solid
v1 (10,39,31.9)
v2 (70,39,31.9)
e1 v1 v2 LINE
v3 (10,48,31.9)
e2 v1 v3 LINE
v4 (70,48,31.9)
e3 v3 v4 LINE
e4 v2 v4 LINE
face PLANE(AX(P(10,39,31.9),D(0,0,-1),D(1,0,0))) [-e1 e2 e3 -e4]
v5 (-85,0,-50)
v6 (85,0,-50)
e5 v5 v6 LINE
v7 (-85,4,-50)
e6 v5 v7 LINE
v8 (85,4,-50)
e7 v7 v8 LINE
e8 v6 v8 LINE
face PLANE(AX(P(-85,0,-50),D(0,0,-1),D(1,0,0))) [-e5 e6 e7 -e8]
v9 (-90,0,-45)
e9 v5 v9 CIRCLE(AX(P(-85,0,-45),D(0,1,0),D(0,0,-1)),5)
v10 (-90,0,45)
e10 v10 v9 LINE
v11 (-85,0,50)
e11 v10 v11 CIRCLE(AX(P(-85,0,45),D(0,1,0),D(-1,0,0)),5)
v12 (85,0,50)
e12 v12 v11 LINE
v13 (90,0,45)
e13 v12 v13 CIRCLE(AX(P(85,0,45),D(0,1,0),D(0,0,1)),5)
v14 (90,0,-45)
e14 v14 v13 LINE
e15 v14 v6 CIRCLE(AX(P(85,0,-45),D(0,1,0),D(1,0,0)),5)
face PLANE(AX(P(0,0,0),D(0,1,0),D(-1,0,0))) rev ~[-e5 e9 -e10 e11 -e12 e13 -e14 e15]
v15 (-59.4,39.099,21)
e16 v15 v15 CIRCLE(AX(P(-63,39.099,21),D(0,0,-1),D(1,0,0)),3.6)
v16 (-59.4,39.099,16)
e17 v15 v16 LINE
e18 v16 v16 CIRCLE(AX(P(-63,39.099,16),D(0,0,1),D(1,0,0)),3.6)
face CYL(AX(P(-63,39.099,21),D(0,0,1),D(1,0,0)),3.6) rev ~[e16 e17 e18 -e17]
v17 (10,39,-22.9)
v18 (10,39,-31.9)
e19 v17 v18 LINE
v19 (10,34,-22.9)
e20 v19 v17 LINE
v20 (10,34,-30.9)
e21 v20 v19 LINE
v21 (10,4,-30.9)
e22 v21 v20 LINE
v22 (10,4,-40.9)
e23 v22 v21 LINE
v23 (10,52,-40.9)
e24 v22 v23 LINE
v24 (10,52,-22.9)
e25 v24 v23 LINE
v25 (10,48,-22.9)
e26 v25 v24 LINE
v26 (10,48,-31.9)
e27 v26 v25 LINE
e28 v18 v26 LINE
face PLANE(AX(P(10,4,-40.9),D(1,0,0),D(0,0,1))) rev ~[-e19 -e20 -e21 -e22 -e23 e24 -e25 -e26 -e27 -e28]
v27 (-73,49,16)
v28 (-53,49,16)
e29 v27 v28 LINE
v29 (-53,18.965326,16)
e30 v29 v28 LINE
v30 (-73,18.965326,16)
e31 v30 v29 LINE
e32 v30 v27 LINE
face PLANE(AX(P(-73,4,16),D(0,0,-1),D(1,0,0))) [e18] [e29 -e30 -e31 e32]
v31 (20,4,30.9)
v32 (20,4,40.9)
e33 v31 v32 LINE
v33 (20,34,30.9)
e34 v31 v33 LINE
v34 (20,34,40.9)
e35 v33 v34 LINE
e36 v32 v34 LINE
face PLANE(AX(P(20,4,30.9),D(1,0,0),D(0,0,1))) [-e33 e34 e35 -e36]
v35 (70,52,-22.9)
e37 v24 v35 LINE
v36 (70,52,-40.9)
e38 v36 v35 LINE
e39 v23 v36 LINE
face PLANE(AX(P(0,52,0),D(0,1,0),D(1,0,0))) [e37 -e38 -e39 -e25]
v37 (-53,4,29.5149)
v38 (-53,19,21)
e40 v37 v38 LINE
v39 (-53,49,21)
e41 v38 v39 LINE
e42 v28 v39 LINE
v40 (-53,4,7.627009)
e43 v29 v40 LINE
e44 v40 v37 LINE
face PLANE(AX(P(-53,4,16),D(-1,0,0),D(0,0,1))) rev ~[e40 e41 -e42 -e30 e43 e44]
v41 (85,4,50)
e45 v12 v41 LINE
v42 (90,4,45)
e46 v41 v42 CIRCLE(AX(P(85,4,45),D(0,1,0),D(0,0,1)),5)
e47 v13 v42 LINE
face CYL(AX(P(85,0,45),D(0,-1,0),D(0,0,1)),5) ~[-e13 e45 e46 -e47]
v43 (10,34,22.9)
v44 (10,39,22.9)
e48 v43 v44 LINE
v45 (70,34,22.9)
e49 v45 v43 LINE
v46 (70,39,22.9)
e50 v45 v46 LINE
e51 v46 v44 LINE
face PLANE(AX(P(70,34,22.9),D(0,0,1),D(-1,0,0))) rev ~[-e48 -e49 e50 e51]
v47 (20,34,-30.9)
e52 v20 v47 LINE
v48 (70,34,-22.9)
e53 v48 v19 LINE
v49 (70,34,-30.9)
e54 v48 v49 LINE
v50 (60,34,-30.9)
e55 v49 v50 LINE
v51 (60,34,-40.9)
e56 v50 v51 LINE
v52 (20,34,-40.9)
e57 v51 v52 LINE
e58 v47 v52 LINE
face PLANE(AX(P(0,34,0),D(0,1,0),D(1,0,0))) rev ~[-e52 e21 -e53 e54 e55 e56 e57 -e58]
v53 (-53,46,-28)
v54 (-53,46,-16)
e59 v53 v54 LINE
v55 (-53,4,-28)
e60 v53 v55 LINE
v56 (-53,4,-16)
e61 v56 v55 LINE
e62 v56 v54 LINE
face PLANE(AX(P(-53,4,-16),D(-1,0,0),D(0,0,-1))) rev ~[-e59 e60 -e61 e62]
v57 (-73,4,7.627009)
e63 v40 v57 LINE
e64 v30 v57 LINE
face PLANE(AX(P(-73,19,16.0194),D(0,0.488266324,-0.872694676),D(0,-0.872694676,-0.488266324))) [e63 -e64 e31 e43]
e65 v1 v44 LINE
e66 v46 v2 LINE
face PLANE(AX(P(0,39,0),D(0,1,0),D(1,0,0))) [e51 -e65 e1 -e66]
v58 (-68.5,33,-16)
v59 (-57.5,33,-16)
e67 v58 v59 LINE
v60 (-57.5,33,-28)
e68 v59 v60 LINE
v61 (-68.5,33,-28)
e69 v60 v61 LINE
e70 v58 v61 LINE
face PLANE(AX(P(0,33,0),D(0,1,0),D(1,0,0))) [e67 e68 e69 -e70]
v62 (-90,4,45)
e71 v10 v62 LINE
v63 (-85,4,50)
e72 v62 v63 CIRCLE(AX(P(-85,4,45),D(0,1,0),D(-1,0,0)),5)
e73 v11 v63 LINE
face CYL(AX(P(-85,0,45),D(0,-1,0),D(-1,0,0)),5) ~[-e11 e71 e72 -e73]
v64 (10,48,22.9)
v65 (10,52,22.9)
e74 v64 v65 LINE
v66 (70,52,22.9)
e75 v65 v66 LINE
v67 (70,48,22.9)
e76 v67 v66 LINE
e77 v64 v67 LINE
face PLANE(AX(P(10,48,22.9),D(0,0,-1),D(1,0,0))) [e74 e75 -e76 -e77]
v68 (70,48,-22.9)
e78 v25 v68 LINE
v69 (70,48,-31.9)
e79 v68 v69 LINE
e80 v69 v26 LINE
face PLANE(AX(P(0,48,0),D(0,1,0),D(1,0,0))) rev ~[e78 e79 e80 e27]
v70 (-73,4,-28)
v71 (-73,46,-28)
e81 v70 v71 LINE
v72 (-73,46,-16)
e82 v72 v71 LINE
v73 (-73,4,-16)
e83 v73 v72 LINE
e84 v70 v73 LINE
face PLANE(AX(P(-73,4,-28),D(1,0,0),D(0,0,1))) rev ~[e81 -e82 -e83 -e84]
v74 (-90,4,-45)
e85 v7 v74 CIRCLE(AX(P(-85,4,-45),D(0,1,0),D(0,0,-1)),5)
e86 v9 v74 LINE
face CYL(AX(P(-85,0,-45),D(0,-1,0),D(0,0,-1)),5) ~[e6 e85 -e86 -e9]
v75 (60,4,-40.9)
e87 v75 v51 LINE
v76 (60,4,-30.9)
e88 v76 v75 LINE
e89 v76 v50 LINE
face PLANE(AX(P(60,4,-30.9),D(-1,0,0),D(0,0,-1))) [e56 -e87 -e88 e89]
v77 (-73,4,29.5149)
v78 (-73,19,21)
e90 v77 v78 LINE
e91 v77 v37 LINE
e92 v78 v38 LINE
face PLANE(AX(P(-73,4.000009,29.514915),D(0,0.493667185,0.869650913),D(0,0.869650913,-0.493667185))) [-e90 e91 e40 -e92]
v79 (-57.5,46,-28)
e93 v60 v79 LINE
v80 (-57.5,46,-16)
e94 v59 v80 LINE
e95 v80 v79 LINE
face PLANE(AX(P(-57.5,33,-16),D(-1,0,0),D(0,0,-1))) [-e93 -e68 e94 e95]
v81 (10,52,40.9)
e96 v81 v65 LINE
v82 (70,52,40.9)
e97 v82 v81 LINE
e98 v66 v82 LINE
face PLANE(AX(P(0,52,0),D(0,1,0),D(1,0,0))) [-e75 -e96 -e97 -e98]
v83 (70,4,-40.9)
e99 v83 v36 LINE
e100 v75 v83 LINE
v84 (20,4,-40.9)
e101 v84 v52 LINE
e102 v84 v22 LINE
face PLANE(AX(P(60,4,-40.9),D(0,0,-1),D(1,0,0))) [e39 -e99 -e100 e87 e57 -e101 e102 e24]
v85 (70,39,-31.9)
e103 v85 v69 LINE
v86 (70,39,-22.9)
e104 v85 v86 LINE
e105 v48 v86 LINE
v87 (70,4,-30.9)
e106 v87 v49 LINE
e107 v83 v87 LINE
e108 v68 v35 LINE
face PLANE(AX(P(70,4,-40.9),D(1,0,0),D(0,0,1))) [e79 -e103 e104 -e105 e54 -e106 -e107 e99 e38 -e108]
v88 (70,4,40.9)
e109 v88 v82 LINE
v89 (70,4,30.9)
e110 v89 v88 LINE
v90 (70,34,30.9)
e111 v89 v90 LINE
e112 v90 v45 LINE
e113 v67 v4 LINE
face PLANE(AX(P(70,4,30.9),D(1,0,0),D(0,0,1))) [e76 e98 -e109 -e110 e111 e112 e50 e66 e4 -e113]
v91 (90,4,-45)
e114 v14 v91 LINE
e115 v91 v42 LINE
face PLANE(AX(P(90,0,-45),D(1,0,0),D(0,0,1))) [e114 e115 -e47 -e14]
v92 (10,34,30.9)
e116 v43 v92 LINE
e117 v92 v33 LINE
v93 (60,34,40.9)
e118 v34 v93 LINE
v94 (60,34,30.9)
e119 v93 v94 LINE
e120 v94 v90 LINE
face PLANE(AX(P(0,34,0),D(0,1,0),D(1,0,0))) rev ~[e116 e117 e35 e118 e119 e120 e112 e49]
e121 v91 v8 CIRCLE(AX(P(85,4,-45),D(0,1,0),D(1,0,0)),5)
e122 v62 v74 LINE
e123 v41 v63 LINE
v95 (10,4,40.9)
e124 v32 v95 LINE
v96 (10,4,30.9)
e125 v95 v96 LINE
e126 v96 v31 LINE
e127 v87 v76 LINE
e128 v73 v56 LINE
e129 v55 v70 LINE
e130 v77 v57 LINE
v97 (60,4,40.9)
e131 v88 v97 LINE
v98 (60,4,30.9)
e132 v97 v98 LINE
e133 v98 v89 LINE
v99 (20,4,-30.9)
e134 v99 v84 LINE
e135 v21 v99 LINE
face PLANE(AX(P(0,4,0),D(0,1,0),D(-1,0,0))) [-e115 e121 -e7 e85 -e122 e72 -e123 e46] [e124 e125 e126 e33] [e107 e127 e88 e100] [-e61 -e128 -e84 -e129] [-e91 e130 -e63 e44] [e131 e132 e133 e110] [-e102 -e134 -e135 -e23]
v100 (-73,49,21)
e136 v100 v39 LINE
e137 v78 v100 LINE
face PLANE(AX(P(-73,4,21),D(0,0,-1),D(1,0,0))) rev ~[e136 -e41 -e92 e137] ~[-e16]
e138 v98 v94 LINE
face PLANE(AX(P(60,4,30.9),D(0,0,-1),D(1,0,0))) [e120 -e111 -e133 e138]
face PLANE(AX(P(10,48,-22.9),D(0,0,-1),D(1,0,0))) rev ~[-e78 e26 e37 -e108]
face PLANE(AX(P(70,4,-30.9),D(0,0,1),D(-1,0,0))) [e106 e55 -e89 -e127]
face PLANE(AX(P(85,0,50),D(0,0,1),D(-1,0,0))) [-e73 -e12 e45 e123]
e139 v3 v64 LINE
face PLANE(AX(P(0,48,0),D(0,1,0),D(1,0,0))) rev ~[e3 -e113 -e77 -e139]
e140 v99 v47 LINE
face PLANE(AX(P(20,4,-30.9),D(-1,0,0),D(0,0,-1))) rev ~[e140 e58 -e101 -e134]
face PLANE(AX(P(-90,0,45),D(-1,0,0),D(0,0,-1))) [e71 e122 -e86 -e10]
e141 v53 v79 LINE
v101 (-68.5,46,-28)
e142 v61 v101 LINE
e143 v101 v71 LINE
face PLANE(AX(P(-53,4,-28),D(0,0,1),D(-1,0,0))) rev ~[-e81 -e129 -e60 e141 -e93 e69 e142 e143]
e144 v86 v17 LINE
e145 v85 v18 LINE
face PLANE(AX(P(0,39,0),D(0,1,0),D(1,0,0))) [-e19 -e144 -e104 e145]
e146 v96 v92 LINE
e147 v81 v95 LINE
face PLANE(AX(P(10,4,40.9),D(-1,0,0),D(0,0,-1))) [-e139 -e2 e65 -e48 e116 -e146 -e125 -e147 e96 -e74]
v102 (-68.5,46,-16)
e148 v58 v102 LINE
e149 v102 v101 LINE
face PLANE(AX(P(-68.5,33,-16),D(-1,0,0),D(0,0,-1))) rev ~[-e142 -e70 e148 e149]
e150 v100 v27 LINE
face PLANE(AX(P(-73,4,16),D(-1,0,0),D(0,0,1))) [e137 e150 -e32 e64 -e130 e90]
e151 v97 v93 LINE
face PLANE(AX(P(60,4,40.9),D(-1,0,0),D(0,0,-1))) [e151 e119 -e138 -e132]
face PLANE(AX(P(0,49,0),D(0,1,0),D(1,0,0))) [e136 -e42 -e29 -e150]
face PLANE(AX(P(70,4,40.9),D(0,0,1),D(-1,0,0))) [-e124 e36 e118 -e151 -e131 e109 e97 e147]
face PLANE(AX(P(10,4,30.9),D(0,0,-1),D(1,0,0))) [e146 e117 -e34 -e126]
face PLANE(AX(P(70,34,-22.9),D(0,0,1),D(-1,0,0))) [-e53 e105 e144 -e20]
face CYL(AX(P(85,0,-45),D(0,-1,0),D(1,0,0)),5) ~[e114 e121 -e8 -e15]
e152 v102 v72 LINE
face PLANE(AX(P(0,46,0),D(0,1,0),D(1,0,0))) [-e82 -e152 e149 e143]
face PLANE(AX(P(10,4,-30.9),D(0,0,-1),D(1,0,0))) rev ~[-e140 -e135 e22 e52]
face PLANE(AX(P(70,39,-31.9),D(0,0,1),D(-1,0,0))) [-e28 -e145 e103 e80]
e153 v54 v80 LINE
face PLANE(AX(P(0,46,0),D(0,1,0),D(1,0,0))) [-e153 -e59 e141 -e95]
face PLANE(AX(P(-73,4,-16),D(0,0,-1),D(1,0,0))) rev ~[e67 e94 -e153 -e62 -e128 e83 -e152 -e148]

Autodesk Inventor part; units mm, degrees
ref_plane "YZ Plane" through (0, 0, 0) normal (1, 0, 0) x (0, 1, 0)
ref_plane "XZ Plane" through (0, 0, 0) normal (0, 1, 0) x (-1, 0, 0)
ref_plane "XY Plane" through (0, 0, 0) normal (0, 0, 1) x (1, 0, 0)
sketch "草图1" plane through (0, 0, 0) normal (0, 1, 0) x (-1, 0, 0)
  line L0 (85, -50) -> (-85, -50)
  line L1 (-90, -45) -> (-90, 45)
  line L2 (-85, 50) -> (85, 50)
  line L3 (90, 45) -> (90, -45)
  line L4 (0, 0) -> (0, -30.3694)
  line L5 (0, 0) -> (-59.6627, 0)
  arc A0 (85, -50) -> (90, -45) centre (85, -45) ccw
  arc A1 (90, 45) -> (85, 50) centre (85, 45) ccw
  arc A2 (-85, 50) -> (-90, 45) centre (-85, 45) ccw
  arc A3 (-90, -45) -> (-85, -50) centre (-85, -45) ccw
  point P0 (90, -50)
  point P1 (-90, 50)
  point P2 (-90, -50)
  dimension "d0" = 180
  dimension "d1" = 100
  dimension "d2" = 5
extrude "拉伸1" add sketch "草图1" along normal blind 4
sketch "草图2" plane through (0, 4, 0) normal (0, 1, 0) x (1, 0, 0)
  line L0 (20, 40.9) -> (10, 40.9)
  line L1 (10, 40.9) -> (10, 30.9)
  line L2 (10, 30.9) -> (20, 30.9)
  line L3 (20, 30.9) -> (20, 40.9)
  line L4 (60, 40.9) -> (70, 40.9)
  line L5 (70, 40.9) -> (70, 30.9)
  line L6 (70, 30.9) -> (60, 30.9)
  line L7 (60, 30.9) -> (60, 40.9)
  line L8 (60, -30.9) -> (70, -30.9)
  line L9 (70, -30.9) -> (70, -40.9)
  line L10 (70, -40.9) -> (60, -40.9)
  line L11 (60, -40.9) -> (60, -30.9)
  line L12 (10, -30.9) -> (20, -30.9)
  line L13 (20, -30.9) -> (20, -40.9)
  line L14 (20, -40.9) -> (10, -40.9)
  line L15 (10, -40.9) -> (10, -30.9)
  line L16 (0, 0) -> (216.0528, 0)
  line L17 (0, 0) -> (0, -71.0339)
  dimension "d5" = 61.8
  dimension "d6" = 10
  dimension "d7" = 10
  dimension "d8" = 40
  dimension "d9" = 20
extrude "拉伸2" add sketch "草图2" along normal blind 30
sketch "草图3" plane through (0, 34, 0) normal (0, 1, 0) x (1, 0, 0)
  line L0 (60, 30.9) -> (70, 30.9) projected
  line L1 (70, 30.9) -> (70, 40.9) projected
  line L2 (70, 30.9) -> (70, 40.9)
  line L3 (10, 40.9) -> (10, 30.9) projected
  line L4 (70, 40.9) -> (10, 40.9)
  line L5 (10, 40.9) -> (10, 30.9)
  line L6 (10, -30.9) -> (10, -40.9)
  line L7 (60, -40.9) -> (70, -40.9) projected
  line L8 (10, -40.9) -> (70, -40.9)
  line L9 (70, -30.9) -> (70, -40.9) projected
  line L10 (70, -40.9) -> (70, -30.9)
  line L11 (70, 40.9) -> (70, 30.9) projected
  line L12 (70, 30.9) -> (70, 22.9)
  line L13 (70, 22.9) -> (10, 22.9)
  line L14 (10, 22.9) -> (10, 30.9)
  line L15 (70, -40.9) -> (70, -30.9) projected
  line L16 (70, -30.9) -> (70, -22.9)
  line L17 (70, -22.9) -> (10, -22.9)
  line L18 (10, -22.9) -> (10, -30.9)
  point P0 (0, 0)
  dimension "d14" = 18
  dimension "d15" = 18
extrude "拉伸3" add sketch "草图3" along normal blind 5
sketch "草图4" plane through (0, 39, 0) normal (0, 1, 0) x (1, 0, 0)
  line L0 (70, 40.9) -> (10, 40.9) projected
  line L1 (10, 40.9) -> (70, 40.9)
  line L2 (70, 40.9) -> (70, 31.9)
  line L3 (70, 22.9) -> (70, 40.9) projected
  line L4 (70, 31.9) -> (10, 31.9)
  line L5 (10, 31.9) -> (10, 40.9)
  line L6 (70, -30.9) -> (70, -40.9) projected
  line L7 (10, -22.9) -> (10, -40.9) projected
  line L8 (70, -40.9) -> (10, -40.9)
  line L9 (10, -40.9) -> (10, -31.9)
  line L10 (10, -31.9) -> (70, -31.9)
  line L11 (70, -31.9) -> (70, -40.9)
  point P0 (0, 0)
extrude "拉伸4" add sketch "草图4" along normal blind 9
sketch "草图5" plane through (0, 48, 0) normal (0, 1, 0) x (1, 0, 0)
  line L0 (10, 40.9) -> (20, 40.9) projected
  line L1 (10, 30.9) -> (10, 22.9) projected
  line L2 (10, 40.9) -> (10, 22.9)
  line L3 (70, 22.9) -> (70, 30.9) projected
  line L4 (10, 22.9) -> (70, 22.9)
  line L5 (70, 40.9) -> (70, 30.9) projected
  line L6 (70, 22.9) -> (70, 40.9)
  line L7 (70, 40.9) -> (10, 40.9)
  line L8 (10, -22.9) -> (70, -22.9)
  line L9 (70, -40.9) -> (60, -40.9) projected
  line L10 (70, -22.9) -> (70, -40.9)
  line L11 (20, -40.9) -> (10, -40.9) projected
  line L12 (70, -40.9) -> (10, -40.9)
  line L13 (10, -40.9) -> (10, -22.9)
  point P0 (0, 0)
extrude "拉伸5" add sketch "草图5" along normal blind 4
sketch "草图6" plane through (0, 4, 0) normal (0, 1, 0) x (1, 0, 0)
  line L0 (-73, 28) -> (-73, 16)
  line L1 (-73, 16) -> (-53, 16)
  line L2 (-53, 16) -> (-53, 28)
  line L3 (-53, 28) -> (-73, 28)
  line L4 (-90, 45) -> (-90, -45) projected
  line L5 (85, 50) -> (-85, 50) projected
  point P0 (0, 0)
  dimension "d20" = 17
  dimension "d21" = 20
  dimension "d22" = 12
  dimension "d23" = 22
extrude "拉伸6" add sketch "草图6" along normal blind 29
sketch "草图7" plane through (0, 33, 0) normal (0, 1, 0) x (1, 0, 0)
  line L0 (-53, 28) -> (-53, 16) projected
  line L1 (-53, 28) -> (-53, 16)
  line L2 (-53, 16) -> (-57.5, 16)
  line L3 (-53, 16) -> (-73, 16) projected
  line L4 (-57.5, 16) -> (-57.5, 28)
  line L5 (-53, 28) -> (-73, 28) projected
  line L6 (-57.5, 28) -> (-53, 28)
  line L7 (-73, 16) -> (-73, 28) projected
  line L8 (-73, 28) -> (-73, 16)
  line L9 (-73, 16) -> (-68.5, 16)
  line L10 (-68.5, 16) -> (-68.5, 28)
  line L11 (-73, 28) -> (-68.5, 28)
  point P0 (0, 0)
  dimension "d26" = 4.5
  dimension "d27" = 4.5
extrude "拉伸7" add sketch "草图7" along normal blind 13 contours L0 L2 L4 L5 | L10 L3 L7 L5
sketch "草图8" plane through (0, 4, 0) normal (0, 1, 0) x (1, 0, 0)
  line L0 (-73, -21) -> (-53, -21)
  line L1 (-73, 16) -> (-68.5, 16) projected
  line L2 (-73, -21) -> (-73, -16)
  line L3 (-73, -16) -> (-53, -16)
  line L4 (-53, -16) -> (-53, -21)
  line L5 (-73, 28) -> (-73, 16) projected
  point P0 (0, 0)
  dimension "d30" = 37
  dimension "d31" = 5
  dimension "d32" = 20
extrude "拉伸8" add sketch "草图8" along normal blind 45
sketch "草图9" plane through (-73, 4, 21) normal (0, 0, 1) x (1, 0, 0)
  circle A0 centre (10, 35.099) radius 3.6
  line L0 (20, 45) -> (0, 45) projected
  line L1 (10, 45) -> (10, 16.6489)
  line L2 (-12, 0) -> (158, 0) projected
  point P0 (73, -4)
  dimension "d35" = 7.2
  dimension "d36" = 35.099
extrude "拉伸9" cut sketch "草图9" against normal blind 10
sketch "草图10" plane through (-73, 4, 16) normal (-1, 0, 0) x (0, 0, 1)
  line L0 (0.0194, -1.086) -> (0.0194, 15)
  line L1 (0.0194, 15) -> (-8.9806, -1.086)
  line L2 (-8.9806, -1.086) -> (0.0194, -1.086)
  line L3 (5.1314, -1.086) -> (14.1314, -1.086)
  line L4 (14.1314, -1.086) -> (5, 15)
  line L5 (5, 15) -> (5, 0)
  line L6 (5, 0) -> (13.5149, 0)
  point P0 (-16, -4)
  dimension "d39" = 9
  dimension "d40" = 9
  dimension "d41" = 15
extrude "拉伸11" add sketch "草图10" against normal blind 20
properties part number "机架"
